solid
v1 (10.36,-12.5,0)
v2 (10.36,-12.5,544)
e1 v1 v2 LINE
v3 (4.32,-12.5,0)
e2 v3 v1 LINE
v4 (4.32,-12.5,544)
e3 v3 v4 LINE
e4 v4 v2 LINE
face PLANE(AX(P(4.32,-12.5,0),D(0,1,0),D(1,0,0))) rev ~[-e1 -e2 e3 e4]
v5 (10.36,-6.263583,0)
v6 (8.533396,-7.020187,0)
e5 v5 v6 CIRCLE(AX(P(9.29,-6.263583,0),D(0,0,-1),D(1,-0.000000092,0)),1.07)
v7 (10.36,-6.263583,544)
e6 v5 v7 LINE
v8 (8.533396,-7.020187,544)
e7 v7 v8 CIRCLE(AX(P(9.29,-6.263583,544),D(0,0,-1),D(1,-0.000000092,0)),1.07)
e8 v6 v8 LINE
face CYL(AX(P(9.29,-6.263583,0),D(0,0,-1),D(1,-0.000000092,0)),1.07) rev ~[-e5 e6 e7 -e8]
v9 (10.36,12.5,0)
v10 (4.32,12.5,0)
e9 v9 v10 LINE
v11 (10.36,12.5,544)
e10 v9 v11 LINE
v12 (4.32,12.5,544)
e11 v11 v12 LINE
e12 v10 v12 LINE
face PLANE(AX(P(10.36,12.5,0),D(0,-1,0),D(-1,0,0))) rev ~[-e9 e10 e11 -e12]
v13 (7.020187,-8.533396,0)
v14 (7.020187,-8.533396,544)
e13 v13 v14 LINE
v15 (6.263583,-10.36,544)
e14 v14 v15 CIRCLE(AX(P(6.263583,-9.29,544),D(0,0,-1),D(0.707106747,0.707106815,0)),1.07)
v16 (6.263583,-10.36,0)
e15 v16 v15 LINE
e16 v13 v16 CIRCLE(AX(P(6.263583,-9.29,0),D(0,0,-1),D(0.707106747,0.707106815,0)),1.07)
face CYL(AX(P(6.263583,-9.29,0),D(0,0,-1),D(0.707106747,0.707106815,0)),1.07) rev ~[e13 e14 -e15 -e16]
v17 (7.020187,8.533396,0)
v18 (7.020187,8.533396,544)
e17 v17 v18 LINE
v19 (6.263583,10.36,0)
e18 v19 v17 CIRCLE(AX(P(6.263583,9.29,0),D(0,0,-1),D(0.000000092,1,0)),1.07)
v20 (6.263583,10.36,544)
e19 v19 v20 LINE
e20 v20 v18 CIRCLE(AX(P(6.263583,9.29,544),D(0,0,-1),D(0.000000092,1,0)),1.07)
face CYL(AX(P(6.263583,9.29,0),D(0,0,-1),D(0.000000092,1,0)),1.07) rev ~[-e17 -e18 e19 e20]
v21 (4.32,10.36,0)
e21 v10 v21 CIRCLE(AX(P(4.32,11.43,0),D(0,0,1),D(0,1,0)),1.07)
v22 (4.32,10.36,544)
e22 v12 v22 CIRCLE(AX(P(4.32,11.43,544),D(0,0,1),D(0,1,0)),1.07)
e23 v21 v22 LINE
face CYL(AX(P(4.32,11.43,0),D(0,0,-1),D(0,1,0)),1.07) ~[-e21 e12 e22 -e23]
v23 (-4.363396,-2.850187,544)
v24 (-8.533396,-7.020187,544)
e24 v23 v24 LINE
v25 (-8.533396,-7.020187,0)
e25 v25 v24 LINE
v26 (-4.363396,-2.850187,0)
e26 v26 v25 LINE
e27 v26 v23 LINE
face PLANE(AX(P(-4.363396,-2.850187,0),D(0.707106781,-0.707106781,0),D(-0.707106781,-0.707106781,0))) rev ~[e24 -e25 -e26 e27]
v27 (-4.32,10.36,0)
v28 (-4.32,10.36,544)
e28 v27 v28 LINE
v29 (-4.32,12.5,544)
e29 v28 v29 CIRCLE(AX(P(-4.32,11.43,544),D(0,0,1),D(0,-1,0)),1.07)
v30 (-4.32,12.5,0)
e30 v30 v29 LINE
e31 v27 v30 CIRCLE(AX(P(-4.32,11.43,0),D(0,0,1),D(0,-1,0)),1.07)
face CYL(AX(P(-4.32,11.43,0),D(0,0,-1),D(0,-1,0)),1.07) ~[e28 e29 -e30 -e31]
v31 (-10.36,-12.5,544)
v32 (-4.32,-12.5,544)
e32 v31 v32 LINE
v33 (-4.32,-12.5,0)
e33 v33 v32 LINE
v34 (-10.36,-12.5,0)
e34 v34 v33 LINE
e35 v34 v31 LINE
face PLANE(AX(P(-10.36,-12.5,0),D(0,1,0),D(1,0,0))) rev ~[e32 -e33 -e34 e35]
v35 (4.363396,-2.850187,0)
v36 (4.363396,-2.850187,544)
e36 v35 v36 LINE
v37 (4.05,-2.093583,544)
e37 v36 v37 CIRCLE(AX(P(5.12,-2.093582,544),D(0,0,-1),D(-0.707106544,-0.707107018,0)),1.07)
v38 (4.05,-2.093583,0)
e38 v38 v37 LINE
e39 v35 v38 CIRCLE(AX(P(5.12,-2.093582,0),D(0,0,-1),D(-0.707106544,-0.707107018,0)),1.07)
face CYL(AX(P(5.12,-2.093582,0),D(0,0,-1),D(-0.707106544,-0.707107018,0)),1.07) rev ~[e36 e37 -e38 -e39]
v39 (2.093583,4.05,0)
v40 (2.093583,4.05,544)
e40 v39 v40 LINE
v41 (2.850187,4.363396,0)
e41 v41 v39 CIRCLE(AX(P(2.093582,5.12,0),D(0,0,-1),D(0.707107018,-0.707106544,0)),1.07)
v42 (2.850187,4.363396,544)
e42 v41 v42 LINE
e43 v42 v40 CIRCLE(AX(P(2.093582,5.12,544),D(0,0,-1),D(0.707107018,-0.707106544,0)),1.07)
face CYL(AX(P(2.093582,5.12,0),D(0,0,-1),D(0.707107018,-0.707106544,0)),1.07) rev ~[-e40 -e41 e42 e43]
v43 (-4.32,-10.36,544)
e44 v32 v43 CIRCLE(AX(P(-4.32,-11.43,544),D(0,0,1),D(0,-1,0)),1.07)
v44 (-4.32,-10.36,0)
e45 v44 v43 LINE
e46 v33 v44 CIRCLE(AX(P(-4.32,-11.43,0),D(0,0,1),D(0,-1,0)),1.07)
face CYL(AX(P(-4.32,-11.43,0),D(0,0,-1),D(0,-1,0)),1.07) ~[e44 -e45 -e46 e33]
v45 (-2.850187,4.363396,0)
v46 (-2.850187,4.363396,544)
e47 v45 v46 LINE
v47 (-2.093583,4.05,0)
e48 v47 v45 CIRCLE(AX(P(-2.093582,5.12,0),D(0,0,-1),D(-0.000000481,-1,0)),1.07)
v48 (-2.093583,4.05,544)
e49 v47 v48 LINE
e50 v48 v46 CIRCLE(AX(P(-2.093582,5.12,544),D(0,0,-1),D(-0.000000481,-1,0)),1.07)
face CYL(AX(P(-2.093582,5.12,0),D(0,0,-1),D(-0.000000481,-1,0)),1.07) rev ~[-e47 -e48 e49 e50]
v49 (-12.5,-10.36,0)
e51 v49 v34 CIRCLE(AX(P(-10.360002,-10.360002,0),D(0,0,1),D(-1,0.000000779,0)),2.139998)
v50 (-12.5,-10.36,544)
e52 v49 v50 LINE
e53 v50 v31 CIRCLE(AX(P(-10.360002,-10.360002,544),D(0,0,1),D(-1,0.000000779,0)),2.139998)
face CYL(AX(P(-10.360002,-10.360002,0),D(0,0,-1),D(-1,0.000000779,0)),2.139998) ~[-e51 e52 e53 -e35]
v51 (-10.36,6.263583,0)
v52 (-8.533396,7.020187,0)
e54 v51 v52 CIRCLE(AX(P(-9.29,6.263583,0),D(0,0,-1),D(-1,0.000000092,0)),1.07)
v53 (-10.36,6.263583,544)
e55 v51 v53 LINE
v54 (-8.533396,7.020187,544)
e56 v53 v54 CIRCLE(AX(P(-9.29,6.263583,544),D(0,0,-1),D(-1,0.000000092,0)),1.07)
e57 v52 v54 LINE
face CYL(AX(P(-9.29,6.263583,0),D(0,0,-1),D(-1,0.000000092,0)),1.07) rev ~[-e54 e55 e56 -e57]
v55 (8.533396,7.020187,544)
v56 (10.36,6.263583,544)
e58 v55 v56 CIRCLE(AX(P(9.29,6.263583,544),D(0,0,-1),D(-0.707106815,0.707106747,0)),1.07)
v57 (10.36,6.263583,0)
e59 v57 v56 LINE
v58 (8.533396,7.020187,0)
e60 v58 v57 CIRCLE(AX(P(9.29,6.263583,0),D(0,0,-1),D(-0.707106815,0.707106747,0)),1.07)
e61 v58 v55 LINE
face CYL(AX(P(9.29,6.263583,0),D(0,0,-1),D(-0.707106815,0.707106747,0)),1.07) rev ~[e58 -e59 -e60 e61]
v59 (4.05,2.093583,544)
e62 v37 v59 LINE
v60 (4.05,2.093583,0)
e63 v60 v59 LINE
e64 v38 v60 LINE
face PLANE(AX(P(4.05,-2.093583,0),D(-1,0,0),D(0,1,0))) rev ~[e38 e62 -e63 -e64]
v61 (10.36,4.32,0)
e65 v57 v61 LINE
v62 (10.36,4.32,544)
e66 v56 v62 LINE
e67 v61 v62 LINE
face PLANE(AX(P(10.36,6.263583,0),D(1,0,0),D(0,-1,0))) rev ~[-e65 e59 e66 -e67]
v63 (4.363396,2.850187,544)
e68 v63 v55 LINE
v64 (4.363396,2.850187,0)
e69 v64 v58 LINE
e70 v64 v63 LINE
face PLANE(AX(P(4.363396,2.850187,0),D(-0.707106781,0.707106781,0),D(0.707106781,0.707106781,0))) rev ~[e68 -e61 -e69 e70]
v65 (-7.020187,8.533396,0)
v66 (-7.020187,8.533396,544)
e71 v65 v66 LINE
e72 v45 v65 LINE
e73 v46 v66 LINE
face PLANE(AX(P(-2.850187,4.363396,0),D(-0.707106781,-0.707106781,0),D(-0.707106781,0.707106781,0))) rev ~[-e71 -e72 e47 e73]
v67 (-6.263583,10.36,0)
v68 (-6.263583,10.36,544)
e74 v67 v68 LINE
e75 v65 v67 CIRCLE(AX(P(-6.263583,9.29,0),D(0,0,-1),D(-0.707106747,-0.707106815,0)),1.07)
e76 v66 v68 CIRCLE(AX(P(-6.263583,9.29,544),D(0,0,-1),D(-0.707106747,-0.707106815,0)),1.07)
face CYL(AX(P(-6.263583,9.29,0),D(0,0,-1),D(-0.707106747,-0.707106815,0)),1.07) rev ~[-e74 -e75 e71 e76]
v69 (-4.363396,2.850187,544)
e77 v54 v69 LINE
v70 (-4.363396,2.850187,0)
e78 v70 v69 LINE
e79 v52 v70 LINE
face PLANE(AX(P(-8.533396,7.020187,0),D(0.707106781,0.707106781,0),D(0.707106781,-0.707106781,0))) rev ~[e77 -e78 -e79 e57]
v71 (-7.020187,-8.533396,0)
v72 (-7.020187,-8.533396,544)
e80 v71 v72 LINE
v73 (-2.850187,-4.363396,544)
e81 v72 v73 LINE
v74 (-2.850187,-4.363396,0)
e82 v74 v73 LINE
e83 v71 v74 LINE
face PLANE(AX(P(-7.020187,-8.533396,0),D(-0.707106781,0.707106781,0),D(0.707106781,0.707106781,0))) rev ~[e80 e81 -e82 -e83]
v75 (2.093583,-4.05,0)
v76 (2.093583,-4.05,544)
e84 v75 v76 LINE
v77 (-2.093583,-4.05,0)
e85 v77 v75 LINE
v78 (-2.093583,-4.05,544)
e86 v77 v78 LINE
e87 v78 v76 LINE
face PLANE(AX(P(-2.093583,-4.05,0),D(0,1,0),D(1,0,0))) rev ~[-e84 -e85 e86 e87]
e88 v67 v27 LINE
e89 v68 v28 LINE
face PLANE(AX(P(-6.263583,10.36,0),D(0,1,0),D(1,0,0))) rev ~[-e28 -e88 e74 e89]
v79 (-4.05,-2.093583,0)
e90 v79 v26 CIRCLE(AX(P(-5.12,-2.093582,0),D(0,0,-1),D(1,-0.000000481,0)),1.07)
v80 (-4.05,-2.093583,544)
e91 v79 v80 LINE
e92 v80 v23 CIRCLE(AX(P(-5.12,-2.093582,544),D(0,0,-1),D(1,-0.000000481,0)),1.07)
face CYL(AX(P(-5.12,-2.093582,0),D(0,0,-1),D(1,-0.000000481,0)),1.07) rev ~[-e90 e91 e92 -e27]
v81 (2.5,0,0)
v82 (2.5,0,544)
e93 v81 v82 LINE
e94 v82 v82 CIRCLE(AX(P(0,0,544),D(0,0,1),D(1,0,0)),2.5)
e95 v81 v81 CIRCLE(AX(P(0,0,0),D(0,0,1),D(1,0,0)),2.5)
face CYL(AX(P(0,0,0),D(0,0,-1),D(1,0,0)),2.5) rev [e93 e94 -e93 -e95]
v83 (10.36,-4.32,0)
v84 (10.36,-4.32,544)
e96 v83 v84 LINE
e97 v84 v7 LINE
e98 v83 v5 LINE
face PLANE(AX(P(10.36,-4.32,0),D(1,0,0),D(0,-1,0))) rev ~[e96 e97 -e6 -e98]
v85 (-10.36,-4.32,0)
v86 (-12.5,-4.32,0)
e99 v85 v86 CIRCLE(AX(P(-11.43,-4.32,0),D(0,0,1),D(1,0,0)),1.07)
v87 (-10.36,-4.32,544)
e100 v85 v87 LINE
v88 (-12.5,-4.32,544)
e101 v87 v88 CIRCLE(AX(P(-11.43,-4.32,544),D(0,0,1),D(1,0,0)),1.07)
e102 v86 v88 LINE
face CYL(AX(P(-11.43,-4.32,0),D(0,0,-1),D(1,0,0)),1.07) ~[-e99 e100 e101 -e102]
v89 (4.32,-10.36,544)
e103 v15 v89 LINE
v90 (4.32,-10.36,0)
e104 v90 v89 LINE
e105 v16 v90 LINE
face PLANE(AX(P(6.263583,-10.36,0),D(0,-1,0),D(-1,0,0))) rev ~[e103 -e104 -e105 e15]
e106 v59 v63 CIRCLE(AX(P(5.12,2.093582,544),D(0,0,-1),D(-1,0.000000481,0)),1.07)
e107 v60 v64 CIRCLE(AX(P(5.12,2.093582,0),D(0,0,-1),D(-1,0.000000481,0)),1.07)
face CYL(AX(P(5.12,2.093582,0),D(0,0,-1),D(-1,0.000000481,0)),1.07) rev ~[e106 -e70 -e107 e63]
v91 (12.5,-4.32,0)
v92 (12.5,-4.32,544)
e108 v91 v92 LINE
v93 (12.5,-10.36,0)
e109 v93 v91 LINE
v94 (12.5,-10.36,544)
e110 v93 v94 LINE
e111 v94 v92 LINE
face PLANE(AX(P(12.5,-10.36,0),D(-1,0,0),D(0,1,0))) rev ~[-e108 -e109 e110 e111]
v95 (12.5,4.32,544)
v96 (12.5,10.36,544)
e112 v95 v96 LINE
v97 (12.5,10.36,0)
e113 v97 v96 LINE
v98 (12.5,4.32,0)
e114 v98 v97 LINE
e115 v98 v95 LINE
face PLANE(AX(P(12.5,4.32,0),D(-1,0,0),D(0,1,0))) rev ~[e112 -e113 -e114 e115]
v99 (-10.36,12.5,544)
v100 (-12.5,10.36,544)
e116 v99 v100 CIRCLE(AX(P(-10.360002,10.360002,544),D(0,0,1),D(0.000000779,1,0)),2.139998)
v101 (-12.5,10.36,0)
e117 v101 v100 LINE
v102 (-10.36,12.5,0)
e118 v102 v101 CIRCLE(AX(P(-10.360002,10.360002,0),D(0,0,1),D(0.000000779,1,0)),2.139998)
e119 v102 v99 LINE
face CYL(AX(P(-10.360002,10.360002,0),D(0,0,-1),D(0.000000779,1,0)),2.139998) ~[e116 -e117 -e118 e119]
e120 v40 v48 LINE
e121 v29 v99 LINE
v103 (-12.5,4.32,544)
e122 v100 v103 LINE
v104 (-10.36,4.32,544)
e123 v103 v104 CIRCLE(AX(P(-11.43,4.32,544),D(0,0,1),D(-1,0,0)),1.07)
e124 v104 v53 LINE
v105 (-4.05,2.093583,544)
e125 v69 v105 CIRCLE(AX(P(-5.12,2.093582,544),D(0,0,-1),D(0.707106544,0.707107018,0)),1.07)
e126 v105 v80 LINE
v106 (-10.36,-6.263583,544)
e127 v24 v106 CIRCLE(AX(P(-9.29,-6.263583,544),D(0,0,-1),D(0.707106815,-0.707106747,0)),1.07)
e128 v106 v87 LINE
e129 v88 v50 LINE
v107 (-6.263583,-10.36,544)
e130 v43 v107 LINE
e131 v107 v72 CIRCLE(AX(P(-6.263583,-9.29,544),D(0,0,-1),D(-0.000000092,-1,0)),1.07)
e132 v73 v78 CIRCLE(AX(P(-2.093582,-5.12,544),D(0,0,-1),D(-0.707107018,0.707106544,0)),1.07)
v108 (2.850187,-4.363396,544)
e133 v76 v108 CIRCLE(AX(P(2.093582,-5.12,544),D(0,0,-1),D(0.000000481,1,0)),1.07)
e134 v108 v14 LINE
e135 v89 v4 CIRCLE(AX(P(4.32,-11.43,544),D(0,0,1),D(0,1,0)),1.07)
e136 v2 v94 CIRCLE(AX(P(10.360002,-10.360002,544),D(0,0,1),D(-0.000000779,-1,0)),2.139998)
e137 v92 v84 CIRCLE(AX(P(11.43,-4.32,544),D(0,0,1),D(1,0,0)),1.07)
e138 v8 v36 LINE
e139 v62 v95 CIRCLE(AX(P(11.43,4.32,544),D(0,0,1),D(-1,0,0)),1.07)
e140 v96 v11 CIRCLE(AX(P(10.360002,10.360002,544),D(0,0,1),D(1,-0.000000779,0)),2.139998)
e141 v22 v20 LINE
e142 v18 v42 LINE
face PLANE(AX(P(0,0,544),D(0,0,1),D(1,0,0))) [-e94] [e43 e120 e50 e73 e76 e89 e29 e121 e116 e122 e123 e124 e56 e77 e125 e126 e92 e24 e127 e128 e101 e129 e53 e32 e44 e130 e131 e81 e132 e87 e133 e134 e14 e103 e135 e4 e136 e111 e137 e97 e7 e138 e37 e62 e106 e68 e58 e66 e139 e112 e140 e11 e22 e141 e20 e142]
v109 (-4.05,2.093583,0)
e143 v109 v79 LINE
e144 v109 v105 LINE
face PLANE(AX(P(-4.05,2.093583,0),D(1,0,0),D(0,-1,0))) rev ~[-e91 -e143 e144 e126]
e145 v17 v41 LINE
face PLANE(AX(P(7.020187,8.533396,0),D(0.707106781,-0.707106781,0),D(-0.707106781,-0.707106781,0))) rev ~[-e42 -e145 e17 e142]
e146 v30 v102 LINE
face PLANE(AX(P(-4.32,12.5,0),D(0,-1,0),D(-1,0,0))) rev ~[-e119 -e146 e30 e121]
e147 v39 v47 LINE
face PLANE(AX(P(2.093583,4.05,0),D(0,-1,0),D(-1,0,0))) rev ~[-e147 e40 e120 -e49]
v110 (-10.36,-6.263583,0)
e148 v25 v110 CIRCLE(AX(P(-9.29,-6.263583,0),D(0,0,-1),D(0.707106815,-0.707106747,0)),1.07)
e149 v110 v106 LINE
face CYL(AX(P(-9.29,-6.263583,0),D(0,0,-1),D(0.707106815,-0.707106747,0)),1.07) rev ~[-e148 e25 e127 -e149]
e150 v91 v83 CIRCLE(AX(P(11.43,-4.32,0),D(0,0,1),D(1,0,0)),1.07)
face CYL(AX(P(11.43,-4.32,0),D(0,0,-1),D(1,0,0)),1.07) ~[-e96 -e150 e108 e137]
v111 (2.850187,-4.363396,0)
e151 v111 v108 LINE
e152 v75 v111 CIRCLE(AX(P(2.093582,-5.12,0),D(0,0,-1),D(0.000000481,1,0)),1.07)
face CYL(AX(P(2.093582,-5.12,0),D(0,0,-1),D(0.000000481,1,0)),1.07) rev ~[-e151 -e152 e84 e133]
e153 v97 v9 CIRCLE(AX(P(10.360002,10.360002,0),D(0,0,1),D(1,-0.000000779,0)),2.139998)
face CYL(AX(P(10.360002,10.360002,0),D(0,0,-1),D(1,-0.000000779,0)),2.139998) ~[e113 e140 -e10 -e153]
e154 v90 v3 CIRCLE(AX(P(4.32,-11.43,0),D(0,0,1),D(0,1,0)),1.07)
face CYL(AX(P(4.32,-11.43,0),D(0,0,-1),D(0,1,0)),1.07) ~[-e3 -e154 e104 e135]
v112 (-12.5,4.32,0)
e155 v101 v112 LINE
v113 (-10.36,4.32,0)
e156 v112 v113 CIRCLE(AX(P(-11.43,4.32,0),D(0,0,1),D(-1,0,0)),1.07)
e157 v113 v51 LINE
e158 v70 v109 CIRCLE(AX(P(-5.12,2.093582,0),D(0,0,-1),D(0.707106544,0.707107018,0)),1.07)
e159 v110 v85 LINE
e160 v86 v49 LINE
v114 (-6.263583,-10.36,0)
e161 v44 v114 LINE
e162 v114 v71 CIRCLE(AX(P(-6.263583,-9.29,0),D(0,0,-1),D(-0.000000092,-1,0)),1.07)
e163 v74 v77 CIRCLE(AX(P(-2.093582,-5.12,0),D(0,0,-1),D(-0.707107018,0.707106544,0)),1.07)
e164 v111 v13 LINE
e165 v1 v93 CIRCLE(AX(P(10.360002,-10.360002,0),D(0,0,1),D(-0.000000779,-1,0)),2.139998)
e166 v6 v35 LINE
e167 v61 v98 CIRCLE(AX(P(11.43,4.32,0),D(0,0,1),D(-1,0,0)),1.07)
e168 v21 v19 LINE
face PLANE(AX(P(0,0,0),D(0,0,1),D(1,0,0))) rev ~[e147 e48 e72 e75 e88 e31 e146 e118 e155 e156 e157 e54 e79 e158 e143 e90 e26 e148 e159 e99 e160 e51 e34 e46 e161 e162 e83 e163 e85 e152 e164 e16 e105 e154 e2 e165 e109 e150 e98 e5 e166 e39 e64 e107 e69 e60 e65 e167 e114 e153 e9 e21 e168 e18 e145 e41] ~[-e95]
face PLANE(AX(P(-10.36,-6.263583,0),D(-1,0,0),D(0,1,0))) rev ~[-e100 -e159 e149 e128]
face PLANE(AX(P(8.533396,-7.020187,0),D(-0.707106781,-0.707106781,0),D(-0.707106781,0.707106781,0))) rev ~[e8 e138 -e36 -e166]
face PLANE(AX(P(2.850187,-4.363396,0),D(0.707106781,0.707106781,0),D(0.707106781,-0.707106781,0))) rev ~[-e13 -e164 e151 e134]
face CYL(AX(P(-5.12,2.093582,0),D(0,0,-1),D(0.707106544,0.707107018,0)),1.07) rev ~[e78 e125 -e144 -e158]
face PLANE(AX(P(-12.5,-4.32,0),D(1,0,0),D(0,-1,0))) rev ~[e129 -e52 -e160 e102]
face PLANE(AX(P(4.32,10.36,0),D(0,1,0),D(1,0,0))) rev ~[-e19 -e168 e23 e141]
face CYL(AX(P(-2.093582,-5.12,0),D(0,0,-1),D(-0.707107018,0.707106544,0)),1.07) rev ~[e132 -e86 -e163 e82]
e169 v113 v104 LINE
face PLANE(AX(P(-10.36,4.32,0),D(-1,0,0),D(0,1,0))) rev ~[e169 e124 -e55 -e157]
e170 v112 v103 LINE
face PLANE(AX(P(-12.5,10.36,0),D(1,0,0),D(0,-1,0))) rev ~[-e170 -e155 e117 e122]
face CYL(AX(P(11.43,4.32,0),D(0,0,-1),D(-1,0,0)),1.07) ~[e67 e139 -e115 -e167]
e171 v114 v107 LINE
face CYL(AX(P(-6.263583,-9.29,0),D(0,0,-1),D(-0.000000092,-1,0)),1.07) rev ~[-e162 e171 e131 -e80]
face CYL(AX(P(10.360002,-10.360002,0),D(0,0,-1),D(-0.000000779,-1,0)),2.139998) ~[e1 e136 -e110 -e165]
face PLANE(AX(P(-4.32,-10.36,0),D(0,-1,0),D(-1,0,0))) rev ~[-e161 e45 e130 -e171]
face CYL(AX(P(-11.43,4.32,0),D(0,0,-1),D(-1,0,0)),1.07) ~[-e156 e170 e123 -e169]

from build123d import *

# Parameters (mm, degrees)
F0_R     = 2.5
F1_DEPTH = 544


with BuildPart() as f1:
    # F0 (on Top) → F1 (new body)
    with BuildSketch(Plane.XY):
        with BuildLine():
            ThreePointArc((-10.36, 12.5), (-11.873209, 11.873209), (-12.5, 10.36))
            Line((-12.5, 10.36), (-12.5, 4.32))
            ThreePointArc((-12.5, 4.32), (-11.43, 3.25), (-10.36, 4.32))
            Line((-10.36, 4.32), (-10.36, 6.263583))
            ThreePointArc((-10.36, 6.263583), (-9.699471, 7.252134), (-8.533396, 7.020187))
            Line((-8.533396, 7.020187), (-4.363396, 2.850187))
            ThreePointArc((-4.363396, 2.850187), (-4.131449, 2.503054), (-4.05, 2.093583))
            Line((-4.05, 2.093583), (-4.05, 0))
            Line((-4.05, 0), (-4.05, -2.093583))
            ThreePointArc((-4.05, -2.093583), (-4.131449, -2.503054), (-4.363396, -2.850187))
            Line((-4.363396, -2.850187), (-8.533396, -7.020187))
            ThreePointArc((-8.533396, -7.020187), (-9.699471, -7.252134), (-10.36, -6.263583))
            Line((-10.36, -6.263583), (-10.36, -4.32))
            ThreePointArc((-10.36, -4.32), (-11.43, -3.25), (-12.5, -4.32))
            Line((-12.5, -4.32), (-12.5, -10.36))
            ThreePointArc((-12.5, -10.36), (-11.873209, -11.873209), (-10.36, -12.5))
            Line((-10.36, -12.5), (-4.32, -12.5))
            ThreePointArc((-4.32, -12.5), (-3.25, -11.43), (-4.32, -10.36))
            Line((-4.32, -10.36), (-6.263583, -10.36))
            ThreePointArc((-6.263583, -10.36), (-7.252134, -9.699471), (-7.020187, -8.533396))
            Line((-7.020187, -8.533396), (-2.850187, -4.363396))
            ThreePointArc((-2.850187, -4.363396), (-2.503054, -4.131449), (-2.093583, -4.05))
            Line((-2.093583, -4.05), (0, -4.05))
            Line((0, -4.05), (2.093583, -4.05))
            ThreePointArc((2.093583, -4.05), (2.503054, -4.131449), (2.850187, -4.363396))
            Line((2.850187, -4.363396), (7.020187, -8.533396))
            ThreePointArc((7.020187, -8.533396), (7.252134, -9.699471), (6.263583, -10.36))
            Line((6.263583, -10.36), (4.32, -10.36))
            ThreePointArc((4.32, -10.36), (3.25, -11.43), (4.32, -12.5))
            Line((4.32, -12.5), (10.36, -12.5))
            ThreePointArc((10.36, -12.5), (11.873209, -11.873209), (12.5, -10.36))
            Line((12.5, -10.36), (12.5, -4.32))
            ThreePointArc((12.5, -4.32), (11.43, -3.25), (10.36, -4.32))
            Line((10.36, -4.32), (10.36, -6.263583))
            ThreePointArc((10.36, -6.263583), (9.699471, -7.252134), (8.533396, -7.020187))
            Line((8.533396, -7.020187), (4.363396, -2.850187))
            ThreePointArc((4.363396, -2.850187), (4.131449, -2.503054), (4.05, -2.093583))
            Line((4.05, -2.093583), (4.05, 0))
            Line((4.05, 0), (4.05, 2.093583))
            ThreePointArc((4.05, 2.093583), (4.131449, 2.503054), (4.363396, 2.850187))
            Line((4.363396, 2.850187), (8.533396, 7.020187))
            ThreePointArc((8.533396, 7.020187), (9.699471, 7.252134), (10.36, 6.263583))
            Line((10.36, 6.263583), (10.36, 4.32))
            ThreePointArc((10.36, 4.32), (11.43, 3.25), (12.5, 4.32))
            Line((12.5, 4.32), (12.5, 10.36))
            ThreePointArc((12.5, 10.36), (11.873209, 11.873209), (10.36, 12.5))
            Line((10.36, 12.5), (4.32, 12.5))
            ThreePointArc((4.32, 12.5), (3.25, 11.43), (4.32, 10.36))
            Line((4.32, 10.36), (6.263583, 10.36))
            ThreePointArc((6.263583, 10.36), (7.252134, 9.699471), (7.020187, 8.533396))
            Line((7.020187, 8.533396), (2.850187, 4.363396))
            ThreePointArc((2.850187, 4.363396), (2.503054, 4.131449), (2.093583, 4.05))
            Line((2.093583, 4.05), (0, 4.05))
            Line((0, 4.05), (-2.093583, 4.05))
            ThreePointArc((-2.093583, 4.05), (-2.503054, 4.131449), (-2.850187, 4.363396))
            Line((-2.850187, 4.363396), (-7.020187, 8.533396))
            ThreePointArc((-7.020187, 8.533396), (-7.252134, 9.699471), (-6.263583, 10.36))
            Line((-6.263583, 10.36), (-4.32, 10.36))
            ThreePointArc((-4.32, 10.36), (-3.25, 11.43), (-4.32, 12.5))
            Line((-4.32, 12.5), (-10.36, 12.5))
        make_face()
        Circle(F0_R, mode=Mode.SUBTRACT)
    extrude(amount=F1_DEPTH)


solid = f1.part
